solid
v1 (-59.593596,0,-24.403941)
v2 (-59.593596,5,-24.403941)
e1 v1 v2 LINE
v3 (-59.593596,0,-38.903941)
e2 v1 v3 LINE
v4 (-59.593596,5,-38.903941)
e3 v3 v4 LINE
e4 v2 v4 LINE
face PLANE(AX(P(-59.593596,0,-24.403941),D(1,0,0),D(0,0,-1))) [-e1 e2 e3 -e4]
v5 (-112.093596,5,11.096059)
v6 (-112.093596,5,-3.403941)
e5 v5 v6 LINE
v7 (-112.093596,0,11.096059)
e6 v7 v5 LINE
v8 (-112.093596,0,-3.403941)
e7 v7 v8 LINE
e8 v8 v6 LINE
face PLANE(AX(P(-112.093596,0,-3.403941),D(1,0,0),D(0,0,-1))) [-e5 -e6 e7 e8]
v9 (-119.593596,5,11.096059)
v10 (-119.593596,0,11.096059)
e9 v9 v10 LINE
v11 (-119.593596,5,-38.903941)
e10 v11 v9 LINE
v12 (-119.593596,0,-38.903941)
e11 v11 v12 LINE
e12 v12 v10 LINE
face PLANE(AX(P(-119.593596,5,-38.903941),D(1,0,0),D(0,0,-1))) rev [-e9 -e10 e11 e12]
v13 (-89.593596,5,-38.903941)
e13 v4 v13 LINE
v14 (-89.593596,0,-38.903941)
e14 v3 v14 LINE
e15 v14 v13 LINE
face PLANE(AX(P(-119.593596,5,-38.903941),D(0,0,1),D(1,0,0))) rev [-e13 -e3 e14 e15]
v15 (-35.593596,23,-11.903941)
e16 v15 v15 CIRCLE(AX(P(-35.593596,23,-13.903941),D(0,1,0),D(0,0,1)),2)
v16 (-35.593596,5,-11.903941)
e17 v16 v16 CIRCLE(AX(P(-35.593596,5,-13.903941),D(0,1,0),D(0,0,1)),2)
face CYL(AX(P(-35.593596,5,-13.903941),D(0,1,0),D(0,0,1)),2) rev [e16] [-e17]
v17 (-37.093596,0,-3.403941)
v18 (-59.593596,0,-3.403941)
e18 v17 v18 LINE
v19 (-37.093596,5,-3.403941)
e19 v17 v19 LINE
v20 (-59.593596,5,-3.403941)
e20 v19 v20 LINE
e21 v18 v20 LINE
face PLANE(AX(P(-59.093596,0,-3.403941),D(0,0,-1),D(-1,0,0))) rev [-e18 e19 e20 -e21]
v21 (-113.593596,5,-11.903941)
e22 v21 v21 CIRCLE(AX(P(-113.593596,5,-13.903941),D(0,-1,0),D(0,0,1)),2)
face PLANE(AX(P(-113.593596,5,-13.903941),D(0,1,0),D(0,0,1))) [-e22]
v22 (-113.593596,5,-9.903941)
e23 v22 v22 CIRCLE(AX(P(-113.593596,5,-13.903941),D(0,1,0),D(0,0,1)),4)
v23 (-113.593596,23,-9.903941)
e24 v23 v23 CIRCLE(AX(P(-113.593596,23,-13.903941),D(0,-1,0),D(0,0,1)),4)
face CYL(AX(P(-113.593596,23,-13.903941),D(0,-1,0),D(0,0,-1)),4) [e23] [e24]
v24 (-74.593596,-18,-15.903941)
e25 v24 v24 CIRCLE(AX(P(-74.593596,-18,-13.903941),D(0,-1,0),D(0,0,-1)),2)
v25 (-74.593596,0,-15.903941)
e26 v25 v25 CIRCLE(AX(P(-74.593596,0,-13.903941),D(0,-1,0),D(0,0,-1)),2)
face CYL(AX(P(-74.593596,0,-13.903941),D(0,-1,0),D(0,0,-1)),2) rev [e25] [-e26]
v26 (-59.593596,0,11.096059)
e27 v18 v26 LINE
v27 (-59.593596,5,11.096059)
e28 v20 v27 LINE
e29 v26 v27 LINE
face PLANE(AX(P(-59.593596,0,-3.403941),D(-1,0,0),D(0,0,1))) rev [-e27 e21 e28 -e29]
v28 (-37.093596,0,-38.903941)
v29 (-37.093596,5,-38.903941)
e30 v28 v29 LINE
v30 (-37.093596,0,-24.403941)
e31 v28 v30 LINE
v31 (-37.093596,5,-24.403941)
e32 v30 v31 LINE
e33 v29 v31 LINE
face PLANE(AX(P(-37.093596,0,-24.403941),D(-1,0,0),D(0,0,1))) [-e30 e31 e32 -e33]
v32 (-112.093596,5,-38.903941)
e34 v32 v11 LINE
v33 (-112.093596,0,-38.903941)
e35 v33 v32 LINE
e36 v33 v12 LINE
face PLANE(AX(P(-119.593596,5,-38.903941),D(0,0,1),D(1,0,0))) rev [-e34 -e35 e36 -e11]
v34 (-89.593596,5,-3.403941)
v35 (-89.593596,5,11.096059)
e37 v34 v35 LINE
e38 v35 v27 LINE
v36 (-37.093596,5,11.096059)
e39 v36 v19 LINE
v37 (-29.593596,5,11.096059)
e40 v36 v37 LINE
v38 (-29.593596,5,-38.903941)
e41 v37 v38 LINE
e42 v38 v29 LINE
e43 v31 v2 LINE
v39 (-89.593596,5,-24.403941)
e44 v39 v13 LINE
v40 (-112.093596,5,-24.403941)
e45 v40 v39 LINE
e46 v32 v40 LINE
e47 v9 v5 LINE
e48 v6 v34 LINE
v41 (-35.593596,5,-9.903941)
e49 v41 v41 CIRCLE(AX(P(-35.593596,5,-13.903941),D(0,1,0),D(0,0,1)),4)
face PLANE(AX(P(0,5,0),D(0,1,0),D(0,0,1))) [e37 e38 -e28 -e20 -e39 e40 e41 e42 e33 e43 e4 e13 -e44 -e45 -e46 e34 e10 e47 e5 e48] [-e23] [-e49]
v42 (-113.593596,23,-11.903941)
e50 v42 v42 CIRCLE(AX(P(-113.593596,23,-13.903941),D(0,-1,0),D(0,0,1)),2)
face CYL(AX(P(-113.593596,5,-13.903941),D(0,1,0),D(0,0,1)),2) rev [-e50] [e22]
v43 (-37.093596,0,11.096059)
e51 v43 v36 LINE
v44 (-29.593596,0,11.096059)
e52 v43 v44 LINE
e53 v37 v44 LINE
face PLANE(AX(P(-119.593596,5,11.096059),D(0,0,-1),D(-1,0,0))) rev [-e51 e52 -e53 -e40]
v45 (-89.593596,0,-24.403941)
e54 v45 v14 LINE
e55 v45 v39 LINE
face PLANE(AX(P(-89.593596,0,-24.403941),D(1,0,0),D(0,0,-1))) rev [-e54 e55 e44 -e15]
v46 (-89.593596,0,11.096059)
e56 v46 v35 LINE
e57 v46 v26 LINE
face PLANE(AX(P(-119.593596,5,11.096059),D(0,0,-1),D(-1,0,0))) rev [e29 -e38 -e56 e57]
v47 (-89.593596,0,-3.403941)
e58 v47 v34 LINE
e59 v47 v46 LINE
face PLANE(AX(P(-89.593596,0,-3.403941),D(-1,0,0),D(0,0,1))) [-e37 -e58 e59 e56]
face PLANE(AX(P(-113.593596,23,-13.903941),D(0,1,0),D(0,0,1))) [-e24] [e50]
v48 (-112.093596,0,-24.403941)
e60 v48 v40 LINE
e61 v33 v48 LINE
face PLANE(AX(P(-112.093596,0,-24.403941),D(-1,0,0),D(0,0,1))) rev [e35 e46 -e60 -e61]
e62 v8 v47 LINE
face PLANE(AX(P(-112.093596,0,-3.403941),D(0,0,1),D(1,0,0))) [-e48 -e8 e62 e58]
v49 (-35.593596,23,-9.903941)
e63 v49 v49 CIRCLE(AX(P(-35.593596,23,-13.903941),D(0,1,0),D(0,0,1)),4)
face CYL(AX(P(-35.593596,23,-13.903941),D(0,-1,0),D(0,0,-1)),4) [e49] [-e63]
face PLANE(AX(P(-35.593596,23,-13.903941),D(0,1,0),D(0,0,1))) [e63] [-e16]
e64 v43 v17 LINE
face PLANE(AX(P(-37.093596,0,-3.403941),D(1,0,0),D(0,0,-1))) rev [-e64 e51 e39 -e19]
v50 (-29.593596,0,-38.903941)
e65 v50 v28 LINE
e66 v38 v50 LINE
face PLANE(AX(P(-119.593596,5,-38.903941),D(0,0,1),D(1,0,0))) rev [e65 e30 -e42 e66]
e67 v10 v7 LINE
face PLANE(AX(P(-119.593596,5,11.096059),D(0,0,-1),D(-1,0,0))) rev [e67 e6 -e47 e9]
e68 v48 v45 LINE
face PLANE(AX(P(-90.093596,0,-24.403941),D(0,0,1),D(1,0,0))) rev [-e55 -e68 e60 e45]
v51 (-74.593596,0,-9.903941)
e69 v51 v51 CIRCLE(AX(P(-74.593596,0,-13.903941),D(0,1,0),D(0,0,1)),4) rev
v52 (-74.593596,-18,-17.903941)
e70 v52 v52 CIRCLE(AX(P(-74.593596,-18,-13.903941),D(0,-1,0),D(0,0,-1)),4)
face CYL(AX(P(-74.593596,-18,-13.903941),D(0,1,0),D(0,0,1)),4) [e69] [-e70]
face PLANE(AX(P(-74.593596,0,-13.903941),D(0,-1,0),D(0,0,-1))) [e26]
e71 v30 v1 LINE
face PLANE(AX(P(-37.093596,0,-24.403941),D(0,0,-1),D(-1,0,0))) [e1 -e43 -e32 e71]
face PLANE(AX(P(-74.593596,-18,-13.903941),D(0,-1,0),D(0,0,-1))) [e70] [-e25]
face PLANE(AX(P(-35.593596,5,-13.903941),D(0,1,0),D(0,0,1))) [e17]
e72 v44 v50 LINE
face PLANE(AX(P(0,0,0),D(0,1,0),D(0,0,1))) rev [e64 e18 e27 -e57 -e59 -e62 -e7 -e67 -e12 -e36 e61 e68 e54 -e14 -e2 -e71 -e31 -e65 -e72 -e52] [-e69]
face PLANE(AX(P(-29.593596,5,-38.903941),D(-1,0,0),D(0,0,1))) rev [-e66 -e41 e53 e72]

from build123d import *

# Parameters (mm, degrees)
SKETCH3_W            = 90
SKETCH3_H            = 50
BOSS_EXTRUDE1_DEPTH  = 5
CUT_EXTRUDE1_DEPTH   = 5
MIRROR2_COPY_1_DEPTH = 5
SKETCH5_R            = 4
BOSS_EXTRUDE2_DEPTH  = 18
SKETCH6_R            = 2
CUT_EXTRUDE2_DEPTH   = 18
SKETCH8_R            = 4
BOSS_EXTRUDE3_DEPTH  = 18
SKETCH9_R            = 2
CUT_EXTRUDE3_DEPTH   = 18


with BuildPart() as part:
    # Sketch3 → Boss-Extrude1 (new body)
    with BuildSketch(Plane(origin=(0, 0, 0), x_dir=(1, 0, 0), z_dir=(0, 1, 0))):
        with Locations((-74.593596059, 13.903940887)):
            Rectangle(SKETCH3_W, SKETCH3_H)
    extrude(amount=BOSS_EXTRUDE1_DEPTH)

    # Sketch4 → Cut-Extrude1 (cut)
    with BuildSketch(Plane(origin=(0, 5, 0), x_dir=(1, 0, 0), z_dir=(0, 1, 0))):
        Polygon((-90.093596059, 24.403940887), (-89.593596059, 24.403940887), (-89.593596059, 38.903940887), (-112.093596059, 38.903940887), (-112.093596059, 24.403940887), align=None)
    cut_extrude1 = extrude(amount=-CUT_EXTRUDE1_DEPTH, mode=Mode.SUBTRACT)

    # Mirror1: Cut-Extrude1 across plane
    add(cut_extrude1.mirror(Plane.XY.offset(-13.903940887)), mode=Mode.SUBTRACT)

    # Mirror2: Cut-Extrude1 across plane
    add(cut_extrude1.mirror(Plane.ZY.offset(74.593596059)), mode=Mode.SUBTRACT)

    # Mirror2 copy 1 sketch → Mirror2 copy 1 (cut)
    with BuildSketch(Plane(origin=(-149.187192118, 5, -27.807881773), x_dir=(-1, 0, 0), z_dir=(0, 1, 0))):
        Polygon((-90.093596059, 24.403940887), (-89.593596059, 24.403940887), (-89.593596059, 38.903940887), (-112.093596059, 38.903940887), (-112.093596059, 24.403940887), align=None)
    extrude(amount=-MIRROR2_COPY_1_DEPTH, mode=Mode.SUBTRACT)

    # Sketch5 → Boss-Extrude2 (add)
    with BuildSketch(Plane(origin=(0, 5, 0), x_dir=(1, 0, 0), z_dir=(0, 1, 0))):
        with Locations(Location((-35.593596059, 13.903940887, 0), (0, 0, 270))):
            Circle(SKETCH5_R)
    boss_extrude2 = extrude(amount=BOSS_EXTRUDE2_DEPTH)

    # Sketch6 → Cut-Extrude2 (cut)
    with BuildSketch(Plane(origin=(0, 23, 0), x_dir=(1, 0, 0), z_dir=(0, 1, 0))):
        with Locations(Location((-35.593596059, 13.903940887, 0), (0, 0, 270))):
            Circle(SKETCH6_R)
    cut_extrude2 = extrude(amount=-CUT_EXTRUDE2_DEPTH, mode=Mode.SUBTRACT)

    # Mirror4: Boss-Extrude2, Cut-Extrude2 across plane
    add(boss_extrude2.mirror(Plane.ZY.offset(74.593596059)))
    add(cut_extrude2.mirror(Plane.ZY.offset(74.593596059)), mode=Mode.SUBTRACT)

    # Sketch8 → Boss-Extrude3 (add)
    with BuildSketch(Plane(origin=(0, 0, 0), x_dir=(-1, 0, 0), z_dir=(0, -1, 0))):
        with Locations(Location((74.593596059, 13.903940887, 0), (0, 0, 270))):
            Circle(SKETCH8_R)
    extrude(amount=BOSS_EXTRUDE3_DEPTH)

    # Sketch9 → Cut-Extrude3 (cut)
    with BuildSketch(Plane(origin=(0, -18, 0), x_dir=(-1, 0, 0), z_dir=(0, -1, 0))):
        with Locations(Location((74.593596059, 13.903940887, 0), (0, 0, 90))):
            Circle(SKETCH9_R)
    extrude(amount=-CUT_EXTRUDE3_DEPTH, mode=Mode.SUBTRACT)


solid = part.part
